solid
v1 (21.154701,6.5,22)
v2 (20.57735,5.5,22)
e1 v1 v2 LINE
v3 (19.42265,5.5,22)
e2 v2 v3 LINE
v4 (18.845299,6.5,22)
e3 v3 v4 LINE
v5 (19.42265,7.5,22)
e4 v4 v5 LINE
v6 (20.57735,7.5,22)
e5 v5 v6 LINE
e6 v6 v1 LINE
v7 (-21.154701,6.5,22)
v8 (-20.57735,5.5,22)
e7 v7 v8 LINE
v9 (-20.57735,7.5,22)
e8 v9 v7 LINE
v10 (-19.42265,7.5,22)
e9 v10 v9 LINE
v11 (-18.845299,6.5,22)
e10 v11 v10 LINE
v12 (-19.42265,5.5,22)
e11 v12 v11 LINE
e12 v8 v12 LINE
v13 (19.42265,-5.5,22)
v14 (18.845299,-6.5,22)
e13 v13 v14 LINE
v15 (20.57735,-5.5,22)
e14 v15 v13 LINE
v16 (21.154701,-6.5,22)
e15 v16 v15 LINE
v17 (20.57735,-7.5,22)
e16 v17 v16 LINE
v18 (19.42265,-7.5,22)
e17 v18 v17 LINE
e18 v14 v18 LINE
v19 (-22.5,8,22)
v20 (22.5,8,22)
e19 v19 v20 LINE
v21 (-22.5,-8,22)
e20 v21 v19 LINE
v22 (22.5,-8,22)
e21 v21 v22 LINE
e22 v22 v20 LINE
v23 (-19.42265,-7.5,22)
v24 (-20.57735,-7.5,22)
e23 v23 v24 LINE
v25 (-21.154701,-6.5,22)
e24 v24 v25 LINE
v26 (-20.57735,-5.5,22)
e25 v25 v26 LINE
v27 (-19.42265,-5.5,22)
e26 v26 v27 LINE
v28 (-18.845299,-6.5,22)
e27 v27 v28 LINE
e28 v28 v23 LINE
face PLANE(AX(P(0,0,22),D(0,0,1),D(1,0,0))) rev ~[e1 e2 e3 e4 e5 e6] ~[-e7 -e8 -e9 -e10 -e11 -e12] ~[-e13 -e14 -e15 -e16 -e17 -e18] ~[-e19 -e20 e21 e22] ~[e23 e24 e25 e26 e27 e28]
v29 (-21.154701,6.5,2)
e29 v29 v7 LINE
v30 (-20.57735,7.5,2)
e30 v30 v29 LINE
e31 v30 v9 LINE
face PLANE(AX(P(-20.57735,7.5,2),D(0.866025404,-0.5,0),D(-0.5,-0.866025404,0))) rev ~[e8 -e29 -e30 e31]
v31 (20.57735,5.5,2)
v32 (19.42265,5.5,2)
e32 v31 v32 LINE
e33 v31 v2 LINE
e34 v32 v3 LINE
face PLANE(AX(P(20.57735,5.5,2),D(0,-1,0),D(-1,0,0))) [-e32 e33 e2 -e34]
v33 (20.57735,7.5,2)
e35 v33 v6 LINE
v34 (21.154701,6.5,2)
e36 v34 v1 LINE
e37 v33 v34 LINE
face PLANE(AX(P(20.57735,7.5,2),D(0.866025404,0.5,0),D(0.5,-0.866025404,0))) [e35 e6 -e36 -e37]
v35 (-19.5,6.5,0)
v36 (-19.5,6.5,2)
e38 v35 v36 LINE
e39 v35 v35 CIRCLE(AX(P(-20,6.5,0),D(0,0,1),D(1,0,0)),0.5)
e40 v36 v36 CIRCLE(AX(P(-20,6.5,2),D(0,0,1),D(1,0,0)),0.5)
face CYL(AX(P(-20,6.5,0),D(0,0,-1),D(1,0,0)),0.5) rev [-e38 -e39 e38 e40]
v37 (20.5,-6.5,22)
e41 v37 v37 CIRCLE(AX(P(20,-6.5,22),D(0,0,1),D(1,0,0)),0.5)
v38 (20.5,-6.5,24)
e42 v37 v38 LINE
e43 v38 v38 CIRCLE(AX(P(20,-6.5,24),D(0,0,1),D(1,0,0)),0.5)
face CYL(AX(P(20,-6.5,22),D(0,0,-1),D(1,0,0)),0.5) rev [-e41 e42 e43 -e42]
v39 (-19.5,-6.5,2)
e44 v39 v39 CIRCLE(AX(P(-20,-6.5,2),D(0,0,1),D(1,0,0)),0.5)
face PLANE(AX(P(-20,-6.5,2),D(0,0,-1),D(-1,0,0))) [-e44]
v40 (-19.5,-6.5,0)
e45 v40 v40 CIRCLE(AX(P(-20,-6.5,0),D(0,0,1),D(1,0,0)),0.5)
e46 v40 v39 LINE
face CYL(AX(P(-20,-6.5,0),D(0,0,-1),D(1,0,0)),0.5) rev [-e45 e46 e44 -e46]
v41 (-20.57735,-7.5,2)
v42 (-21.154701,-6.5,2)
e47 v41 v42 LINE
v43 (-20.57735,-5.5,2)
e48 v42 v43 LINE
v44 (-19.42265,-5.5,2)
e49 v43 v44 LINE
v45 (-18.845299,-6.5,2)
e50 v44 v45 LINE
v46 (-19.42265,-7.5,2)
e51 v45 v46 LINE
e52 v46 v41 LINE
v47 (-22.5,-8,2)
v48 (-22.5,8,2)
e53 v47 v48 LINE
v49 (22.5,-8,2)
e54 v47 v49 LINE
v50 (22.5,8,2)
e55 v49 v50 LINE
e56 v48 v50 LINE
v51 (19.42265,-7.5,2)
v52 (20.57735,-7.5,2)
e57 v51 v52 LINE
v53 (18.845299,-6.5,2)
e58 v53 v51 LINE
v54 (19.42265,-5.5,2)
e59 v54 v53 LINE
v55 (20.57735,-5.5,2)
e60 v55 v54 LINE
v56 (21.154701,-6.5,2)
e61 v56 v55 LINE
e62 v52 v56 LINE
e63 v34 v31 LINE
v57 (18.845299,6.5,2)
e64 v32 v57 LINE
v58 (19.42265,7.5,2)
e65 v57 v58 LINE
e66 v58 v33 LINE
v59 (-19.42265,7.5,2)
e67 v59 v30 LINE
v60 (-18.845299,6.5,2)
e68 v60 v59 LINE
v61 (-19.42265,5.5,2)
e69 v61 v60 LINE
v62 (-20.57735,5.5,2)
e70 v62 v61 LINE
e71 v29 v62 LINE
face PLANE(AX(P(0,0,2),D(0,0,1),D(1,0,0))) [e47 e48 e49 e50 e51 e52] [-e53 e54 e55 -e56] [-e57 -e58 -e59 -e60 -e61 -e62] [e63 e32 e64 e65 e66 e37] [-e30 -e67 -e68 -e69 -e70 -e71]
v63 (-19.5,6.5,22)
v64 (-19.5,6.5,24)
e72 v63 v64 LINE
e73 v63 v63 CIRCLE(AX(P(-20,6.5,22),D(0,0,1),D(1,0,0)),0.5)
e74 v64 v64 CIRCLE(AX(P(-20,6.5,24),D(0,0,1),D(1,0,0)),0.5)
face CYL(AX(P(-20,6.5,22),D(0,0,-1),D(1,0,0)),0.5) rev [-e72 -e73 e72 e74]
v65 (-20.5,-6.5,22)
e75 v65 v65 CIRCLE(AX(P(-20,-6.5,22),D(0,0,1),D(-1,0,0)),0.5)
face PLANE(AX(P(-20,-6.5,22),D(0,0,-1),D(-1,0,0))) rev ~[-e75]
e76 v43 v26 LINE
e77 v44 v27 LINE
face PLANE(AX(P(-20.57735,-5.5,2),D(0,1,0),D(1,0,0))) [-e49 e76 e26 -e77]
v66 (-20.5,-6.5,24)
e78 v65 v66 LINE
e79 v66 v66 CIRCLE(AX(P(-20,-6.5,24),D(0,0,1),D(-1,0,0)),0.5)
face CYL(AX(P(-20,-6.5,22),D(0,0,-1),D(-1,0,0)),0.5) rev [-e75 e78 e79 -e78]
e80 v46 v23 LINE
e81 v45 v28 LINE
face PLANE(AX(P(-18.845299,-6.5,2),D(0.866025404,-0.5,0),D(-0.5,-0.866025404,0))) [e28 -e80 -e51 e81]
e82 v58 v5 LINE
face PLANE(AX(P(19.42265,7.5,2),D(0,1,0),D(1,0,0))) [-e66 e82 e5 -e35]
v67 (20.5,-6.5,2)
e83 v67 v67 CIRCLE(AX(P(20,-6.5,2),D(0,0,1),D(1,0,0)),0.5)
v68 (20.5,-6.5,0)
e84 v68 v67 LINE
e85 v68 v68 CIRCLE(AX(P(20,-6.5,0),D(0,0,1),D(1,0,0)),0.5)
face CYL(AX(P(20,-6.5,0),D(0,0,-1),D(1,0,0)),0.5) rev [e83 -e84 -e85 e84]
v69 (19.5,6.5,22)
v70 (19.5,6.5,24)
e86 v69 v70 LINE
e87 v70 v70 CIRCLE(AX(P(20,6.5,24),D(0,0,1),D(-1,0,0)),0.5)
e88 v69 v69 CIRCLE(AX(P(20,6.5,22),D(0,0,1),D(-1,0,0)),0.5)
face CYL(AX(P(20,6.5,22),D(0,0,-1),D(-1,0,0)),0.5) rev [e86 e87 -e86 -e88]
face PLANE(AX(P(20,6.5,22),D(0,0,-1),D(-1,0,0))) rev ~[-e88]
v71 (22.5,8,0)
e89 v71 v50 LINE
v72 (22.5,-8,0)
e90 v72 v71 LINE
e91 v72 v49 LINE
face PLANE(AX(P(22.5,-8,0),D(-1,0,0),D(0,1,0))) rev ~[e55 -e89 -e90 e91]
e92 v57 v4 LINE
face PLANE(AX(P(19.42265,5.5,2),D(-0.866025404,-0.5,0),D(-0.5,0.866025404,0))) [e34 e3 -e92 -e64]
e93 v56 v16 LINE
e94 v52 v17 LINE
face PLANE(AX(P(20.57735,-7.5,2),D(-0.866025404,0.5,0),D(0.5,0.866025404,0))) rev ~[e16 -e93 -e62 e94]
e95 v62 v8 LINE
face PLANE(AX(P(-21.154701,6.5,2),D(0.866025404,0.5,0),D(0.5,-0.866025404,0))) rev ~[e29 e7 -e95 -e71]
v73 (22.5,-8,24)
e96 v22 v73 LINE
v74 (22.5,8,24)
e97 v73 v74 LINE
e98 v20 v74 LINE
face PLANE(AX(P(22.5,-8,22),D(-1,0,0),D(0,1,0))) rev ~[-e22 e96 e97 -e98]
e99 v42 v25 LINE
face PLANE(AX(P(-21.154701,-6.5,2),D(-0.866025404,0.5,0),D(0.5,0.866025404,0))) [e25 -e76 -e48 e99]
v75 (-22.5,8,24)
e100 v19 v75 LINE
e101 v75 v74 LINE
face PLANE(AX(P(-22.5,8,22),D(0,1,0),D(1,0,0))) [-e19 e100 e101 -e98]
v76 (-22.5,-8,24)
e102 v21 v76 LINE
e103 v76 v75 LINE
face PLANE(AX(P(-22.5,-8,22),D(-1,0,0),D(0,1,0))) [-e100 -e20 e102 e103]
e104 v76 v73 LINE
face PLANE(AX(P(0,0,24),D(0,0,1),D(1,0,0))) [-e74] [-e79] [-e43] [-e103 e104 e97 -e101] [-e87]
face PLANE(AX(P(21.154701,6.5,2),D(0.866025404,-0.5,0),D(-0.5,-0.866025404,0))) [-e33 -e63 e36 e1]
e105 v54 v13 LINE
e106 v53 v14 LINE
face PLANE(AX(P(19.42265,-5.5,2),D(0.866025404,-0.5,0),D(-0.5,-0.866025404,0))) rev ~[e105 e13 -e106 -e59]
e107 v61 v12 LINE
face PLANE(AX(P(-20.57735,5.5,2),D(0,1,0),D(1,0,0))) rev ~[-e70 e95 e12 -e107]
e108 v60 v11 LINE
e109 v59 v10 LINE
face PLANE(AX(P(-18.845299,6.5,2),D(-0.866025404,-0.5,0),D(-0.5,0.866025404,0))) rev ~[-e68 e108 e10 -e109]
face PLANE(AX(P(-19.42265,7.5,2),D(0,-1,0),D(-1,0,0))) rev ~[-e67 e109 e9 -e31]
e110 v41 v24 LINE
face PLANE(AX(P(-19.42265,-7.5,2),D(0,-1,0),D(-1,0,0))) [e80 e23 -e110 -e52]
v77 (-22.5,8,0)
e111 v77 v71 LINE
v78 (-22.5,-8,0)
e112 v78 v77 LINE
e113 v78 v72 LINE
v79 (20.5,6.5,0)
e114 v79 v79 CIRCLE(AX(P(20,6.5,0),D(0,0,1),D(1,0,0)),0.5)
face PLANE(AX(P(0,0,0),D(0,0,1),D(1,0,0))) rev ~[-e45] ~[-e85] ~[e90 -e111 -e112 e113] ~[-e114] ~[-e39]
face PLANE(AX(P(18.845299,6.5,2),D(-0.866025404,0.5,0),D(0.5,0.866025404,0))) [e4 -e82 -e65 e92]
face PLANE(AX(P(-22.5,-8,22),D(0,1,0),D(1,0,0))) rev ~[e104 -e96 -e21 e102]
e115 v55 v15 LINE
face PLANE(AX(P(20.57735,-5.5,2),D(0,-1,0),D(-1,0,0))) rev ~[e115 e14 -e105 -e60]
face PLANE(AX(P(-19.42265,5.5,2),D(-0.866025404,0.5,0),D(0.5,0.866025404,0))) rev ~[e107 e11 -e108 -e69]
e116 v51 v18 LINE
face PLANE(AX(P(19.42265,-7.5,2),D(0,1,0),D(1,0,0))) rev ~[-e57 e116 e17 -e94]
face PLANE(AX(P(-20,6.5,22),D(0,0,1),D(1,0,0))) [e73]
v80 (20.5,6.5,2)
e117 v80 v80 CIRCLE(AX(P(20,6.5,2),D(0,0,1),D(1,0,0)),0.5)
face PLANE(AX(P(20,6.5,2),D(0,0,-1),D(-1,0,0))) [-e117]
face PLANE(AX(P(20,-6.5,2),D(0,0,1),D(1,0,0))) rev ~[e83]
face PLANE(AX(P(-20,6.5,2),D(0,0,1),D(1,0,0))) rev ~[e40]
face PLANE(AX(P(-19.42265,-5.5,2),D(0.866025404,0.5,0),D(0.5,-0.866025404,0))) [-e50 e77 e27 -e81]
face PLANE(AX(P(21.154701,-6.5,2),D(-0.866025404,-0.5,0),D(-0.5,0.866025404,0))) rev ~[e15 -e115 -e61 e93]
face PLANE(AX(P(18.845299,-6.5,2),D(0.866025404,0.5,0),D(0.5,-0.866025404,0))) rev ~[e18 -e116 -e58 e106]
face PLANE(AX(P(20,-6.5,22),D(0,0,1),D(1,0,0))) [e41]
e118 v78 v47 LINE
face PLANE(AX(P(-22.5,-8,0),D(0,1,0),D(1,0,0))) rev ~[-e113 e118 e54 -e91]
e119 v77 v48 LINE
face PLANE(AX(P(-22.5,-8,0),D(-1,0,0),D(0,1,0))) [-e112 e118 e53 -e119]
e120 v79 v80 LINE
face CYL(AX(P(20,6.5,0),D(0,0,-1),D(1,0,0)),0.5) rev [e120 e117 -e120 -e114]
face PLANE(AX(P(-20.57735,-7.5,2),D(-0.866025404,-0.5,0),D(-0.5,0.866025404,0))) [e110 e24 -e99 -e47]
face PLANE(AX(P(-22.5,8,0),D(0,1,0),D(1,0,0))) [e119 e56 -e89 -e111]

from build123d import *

# Parameters (mm, degrees)
SKETCH_1_W      = 45
SKETCH_1_H      = 16
SKETCH_1_R      = 0.5
EXTRUDE_1_DEPTH = 2
EXTRUDE_2_DEPTH = 20
SKETCH_3_W      = 45
SKETCH_3_H      = 16
SKETCH_3_R      = 0.5
EXTRUDE_3_DEPTH = 2


with BuildPart() as part:
    # 草图1 → 凸台-拉伸1 (new body)
    with BuildSketch(Plane.XY):
        Rectangle(SKETCH_1_W, SKETCH_1_H)
        with Locations((-20, -6.5)):
            Circle(SKETCH_1_R, mode=Mode.SUBTRACT)
        with Locations((-20, 6.5)):
            Circle(SKETCH_1_R, mode=Mode.SUBTRACT)
        with Locations((20, 6.5)):
            Circle(SKETCH_1_R, mode=Mode.SUBTRACT)
        with Locations((20, -6.5)):
            Circle(SKETCH_1_R, mode=Mode.SUBTRACT)
    extrude(amount=EXTRUDE_1_DEPTH)

    # 草图2 → 凸台-拉伸2 (add)
    with BuildSketch(Plane.XY.offset(2)):
        Polygon((-18.845299462, 6.5), (-19.422649731, 7.5), (-20.577350269, 7.5), (-21.154700538, 6.5), (-20.577350269, 5.5), (-19.422649731, 5.5), align=None)
        Polygon((19.422649731, 5.5), (18.845299462, 6.5), (19.422649731, 7.5), (20.577350269, 7.5), (21.154700538, 6.5), (20.577350269, 5.5), align=None)
        Polygon((18.845299462, -6.5), (19.422649731, -7.5), (20.577350269, -7.5), (21.154700538, -6.5), (20.577350269, -5.5), (19.422649731, -5.5), align=None)
        Polygon((-19.422649731, -5.5), (-18.845299462, -6.5), (-19.422649731, -7.5), (-20.577350269, -7.5), (-21.154700538, -6.5), (-20.577350269, -5.5), align=None)
    extrude(amount=EXTRUDE_2_DEPTH)

    # 草图3 → 凸台-拉伸3 (add)
    with BuildSketch(Plane.XY.offset(22)):
        Rectangle(SKETCH_3_W, SKETCH_3_H)
        with Locations(Location((20, 6.5, 0), (0, 0, 180))):
            Circle(SKETCH_3_R, mode=Mode.SUBTRACT)
        with Locations(Location((-20, -6.5, 0), (0, 0, 180))):
            Circle(SKETCH_3_R, mode=Mode.SUBTRACT)
        with Locations((-20, 6.5)):
            Circle(SKETCH_3_R, mode=Mode.SUBTRACT)
        with Locations((20, -6.5)):
            Circle(SKETCH_3_R, mode=Mode.SUBTRACT)
    extrude(amount=EXTRUDE_3_DEPTH)


solid = part.part
